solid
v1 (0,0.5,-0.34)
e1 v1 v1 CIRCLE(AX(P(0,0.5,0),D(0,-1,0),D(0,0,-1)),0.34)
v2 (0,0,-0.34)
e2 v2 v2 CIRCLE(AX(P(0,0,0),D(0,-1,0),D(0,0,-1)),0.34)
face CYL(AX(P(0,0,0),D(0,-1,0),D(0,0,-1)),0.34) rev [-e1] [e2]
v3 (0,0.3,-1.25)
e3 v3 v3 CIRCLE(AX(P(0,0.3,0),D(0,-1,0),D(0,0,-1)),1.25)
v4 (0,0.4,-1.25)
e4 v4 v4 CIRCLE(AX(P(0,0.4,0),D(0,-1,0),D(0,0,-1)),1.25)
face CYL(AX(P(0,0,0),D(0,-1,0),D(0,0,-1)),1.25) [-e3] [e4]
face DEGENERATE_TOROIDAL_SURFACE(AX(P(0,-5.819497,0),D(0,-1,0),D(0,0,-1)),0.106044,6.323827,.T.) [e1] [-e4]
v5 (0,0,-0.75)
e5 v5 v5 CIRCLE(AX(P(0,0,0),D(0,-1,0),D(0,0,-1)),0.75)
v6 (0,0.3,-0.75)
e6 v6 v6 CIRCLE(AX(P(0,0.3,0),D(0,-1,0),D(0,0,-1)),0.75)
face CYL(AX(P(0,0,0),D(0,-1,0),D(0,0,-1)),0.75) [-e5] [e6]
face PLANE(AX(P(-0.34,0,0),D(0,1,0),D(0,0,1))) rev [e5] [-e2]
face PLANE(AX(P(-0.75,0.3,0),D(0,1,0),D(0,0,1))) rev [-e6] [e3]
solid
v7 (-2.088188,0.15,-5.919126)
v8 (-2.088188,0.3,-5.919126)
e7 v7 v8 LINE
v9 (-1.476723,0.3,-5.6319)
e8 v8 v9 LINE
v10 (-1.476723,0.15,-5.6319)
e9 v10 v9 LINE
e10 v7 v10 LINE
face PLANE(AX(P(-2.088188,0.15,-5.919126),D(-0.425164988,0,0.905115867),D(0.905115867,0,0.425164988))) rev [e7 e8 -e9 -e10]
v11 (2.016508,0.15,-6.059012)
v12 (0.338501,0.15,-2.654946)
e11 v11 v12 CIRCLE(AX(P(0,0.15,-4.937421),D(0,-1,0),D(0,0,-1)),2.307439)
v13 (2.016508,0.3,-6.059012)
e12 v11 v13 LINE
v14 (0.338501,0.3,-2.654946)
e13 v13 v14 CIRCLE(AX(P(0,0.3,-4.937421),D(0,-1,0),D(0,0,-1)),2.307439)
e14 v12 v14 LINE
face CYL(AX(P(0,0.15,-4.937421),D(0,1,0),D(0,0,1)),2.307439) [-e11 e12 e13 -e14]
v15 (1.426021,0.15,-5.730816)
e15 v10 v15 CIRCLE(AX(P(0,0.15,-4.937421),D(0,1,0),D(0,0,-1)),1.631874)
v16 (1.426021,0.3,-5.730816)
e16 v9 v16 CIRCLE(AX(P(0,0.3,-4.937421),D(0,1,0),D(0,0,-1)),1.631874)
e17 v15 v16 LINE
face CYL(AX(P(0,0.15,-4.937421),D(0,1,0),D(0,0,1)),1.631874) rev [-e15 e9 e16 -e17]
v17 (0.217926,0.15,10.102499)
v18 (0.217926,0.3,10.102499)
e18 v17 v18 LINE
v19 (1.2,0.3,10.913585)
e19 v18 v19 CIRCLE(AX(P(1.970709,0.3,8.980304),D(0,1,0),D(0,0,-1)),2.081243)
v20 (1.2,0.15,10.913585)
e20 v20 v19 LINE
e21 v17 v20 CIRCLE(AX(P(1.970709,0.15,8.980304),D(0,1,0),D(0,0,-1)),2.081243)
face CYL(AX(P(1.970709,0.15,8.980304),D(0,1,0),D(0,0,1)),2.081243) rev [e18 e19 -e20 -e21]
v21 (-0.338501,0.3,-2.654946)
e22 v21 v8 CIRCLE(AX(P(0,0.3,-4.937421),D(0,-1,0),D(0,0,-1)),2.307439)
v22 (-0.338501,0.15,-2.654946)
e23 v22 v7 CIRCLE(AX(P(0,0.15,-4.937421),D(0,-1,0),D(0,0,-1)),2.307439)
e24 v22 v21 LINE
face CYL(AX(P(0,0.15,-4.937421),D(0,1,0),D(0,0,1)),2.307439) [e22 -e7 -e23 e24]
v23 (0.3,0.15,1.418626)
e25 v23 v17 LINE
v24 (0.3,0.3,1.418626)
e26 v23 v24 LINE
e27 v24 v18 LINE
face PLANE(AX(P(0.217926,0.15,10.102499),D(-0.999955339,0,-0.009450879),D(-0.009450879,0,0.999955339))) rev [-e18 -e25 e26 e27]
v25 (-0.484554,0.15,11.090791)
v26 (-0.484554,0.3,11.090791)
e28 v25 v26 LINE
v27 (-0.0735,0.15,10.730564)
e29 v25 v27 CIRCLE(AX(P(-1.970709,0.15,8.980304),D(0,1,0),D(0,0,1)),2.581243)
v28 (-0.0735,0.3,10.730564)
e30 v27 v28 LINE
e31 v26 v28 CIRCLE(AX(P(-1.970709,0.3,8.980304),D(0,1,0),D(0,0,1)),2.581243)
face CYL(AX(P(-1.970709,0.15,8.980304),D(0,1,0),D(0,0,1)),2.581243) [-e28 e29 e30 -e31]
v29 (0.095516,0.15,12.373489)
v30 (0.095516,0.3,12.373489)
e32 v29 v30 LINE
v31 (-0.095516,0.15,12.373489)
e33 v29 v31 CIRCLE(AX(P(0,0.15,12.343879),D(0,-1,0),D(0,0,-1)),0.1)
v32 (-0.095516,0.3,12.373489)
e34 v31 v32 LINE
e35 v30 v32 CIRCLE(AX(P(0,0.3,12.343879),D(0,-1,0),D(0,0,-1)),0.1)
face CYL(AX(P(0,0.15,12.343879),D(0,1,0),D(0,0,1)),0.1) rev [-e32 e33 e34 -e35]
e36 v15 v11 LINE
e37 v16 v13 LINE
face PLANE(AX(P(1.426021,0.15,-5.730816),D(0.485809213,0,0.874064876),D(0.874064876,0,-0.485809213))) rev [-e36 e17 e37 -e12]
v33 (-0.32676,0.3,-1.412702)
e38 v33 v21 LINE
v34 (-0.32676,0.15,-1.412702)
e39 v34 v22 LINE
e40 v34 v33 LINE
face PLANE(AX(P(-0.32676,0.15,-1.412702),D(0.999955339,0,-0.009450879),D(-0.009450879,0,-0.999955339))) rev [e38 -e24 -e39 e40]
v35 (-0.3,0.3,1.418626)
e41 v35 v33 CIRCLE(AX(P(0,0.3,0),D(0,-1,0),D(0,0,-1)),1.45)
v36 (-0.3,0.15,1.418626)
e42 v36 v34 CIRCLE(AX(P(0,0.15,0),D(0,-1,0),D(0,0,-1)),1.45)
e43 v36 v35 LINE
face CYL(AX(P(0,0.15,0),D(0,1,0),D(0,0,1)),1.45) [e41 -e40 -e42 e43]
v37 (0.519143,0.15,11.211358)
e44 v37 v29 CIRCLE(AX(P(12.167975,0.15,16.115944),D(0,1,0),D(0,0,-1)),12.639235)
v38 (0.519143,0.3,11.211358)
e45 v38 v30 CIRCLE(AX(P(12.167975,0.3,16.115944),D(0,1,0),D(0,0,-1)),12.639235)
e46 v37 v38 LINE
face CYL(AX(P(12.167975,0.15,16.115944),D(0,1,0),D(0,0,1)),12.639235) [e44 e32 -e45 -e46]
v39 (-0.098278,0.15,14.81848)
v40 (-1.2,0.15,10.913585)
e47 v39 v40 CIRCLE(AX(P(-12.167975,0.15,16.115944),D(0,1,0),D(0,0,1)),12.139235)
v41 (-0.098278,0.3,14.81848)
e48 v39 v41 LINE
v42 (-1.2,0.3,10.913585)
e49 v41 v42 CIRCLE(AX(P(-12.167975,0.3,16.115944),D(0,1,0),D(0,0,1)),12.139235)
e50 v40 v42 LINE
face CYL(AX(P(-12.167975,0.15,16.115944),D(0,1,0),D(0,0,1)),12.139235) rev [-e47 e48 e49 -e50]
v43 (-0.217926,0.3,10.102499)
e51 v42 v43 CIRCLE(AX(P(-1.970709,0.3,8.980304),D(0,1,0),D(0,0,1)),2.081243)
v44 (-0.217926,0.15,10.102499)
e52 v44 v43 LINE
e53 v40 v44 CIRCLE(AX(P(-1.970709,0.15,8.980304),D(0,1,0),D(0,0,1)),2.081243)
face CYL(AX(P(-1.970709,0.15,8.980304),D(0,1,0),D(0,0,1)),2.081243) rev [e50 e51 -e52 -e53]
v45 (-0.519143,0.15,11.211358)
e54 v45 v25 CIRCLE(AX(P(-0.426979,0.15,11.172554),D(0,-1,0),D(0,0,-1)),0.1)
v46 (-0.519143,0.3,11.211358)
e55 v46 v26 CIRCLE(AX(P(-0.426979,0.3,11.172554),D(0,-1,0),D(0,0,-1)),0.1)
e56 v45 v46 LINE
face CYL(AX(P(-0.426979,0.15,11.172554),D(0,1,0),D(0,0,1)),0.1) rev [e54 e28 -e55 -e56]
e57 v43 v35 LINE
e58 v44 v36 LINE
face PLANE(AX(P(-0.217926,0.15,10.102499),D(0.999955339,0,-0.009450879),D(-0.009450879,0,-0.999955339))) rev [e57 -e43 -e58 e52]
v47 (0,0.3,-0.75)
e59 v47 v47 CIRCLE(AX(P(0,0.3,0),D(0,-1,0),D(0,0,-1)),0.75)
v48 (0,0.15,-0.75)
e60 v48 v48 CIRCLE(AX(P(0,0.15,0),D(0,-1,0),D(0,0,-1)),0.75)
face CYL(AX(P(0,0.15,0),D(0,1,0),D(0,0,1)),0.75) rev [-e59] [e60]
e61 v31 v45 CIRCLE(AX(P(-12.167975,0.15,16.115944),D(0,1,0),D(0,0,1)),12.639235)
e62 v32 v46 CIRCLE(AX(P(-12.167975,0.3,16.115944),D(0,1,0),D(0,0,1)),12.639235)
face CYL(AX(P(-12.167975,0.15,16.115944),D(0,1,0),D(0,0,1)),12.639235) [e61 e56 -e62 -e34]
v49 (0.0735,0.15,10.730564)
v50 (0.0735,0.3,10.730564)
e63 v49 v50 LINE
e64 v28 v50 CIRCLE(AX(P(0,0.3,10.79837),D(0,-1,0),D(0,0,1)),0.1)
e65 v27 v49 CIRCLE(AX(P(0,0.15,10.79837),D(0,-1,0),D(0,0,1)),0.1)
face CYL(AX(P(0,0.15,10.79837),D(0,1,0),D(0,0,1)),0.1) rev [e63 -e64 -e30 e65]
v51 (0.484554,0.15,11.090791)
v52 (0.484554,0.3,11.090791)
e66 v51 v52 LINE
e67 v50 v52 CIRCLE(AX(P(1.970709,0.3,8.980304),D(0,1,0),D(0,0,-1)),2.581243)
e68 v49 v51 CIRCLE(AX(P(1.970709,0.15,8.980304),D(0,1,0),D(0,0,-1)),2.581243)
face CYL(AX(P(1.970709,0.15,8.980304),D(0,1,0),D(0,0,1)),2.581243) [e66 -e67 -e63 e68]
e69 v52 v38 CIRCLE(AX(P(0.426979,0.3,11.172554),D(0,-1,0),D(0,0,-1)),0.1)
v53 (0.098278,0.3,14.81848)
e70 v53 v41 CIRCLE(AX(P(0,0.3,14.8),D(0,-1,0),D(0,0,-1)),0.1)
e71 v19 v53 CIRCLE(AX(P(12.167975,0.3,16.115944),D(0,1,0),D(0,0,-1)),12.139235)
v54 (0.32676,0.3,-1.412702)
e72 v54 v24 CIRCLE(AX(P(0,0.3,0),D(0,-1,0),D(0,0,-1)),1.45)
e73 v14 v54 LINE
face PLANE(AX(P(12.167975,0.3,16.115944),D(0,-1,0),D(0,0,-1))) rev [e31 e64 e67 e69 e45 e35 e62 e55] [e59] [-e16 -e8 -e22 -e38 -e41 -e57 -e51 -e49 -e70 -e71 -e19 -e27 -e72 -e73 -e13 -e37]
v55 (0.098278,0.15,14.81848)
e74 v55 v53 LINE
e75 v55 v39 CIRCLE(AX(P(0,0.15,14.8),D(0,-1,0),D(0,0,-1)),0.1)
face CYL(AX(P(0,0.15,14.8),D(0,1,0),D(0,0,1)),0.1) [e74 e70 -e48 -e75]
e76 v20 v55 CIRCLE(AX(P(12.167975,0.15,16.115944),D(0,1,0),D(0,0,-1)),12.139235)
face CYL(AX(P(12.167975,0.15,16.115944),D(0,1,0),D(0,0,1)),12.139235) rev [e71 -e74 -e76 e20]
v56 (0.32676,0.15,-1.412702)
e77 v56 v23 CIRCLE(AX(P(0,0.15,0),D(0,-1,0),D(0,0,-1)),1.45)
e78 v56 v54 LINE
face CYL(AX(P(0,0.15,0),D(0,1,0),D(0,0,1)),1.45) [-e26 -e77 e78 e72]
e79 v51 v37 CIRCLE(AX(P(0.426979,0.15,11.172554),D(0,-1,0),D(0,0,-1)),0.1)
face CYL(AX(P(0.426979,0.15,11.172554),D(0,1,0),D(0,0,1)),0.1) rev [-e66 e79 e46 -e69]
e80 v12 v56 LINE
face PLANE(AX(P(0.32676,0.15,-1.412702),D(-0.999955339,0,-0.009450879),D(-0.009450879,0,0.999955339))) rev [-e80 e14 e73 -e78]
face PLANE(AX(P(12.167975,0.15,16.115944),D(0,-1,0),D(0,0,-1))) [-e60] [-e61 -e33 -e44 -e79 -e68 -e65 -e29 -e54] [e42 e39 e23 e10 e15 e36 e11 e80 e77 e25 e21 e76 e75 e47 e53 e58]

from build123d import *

# Parameters (mm, degrees)
ESQUISSE2_R        = 0.75
BOSS_EXTRU_1_DEPTH = 0.15


with BuildPart() as part:
    # Esquisse1 → Révolution1 (revolve)
    with BuildSketch(Plane.XY):
        with BuildLine():
            Line((-0.34, 0), (-0.75, 0))
            Line((-0.75, 0), (-0.75, 0.3))
            Line((-0.75, 0.3), (-1.25, 0.3))
            Line((-1.25, 0.3), (-1.25, 0.4))
            ThreePointArc((-1.25, 0.4), (-0.796811957, 0.466488811), (-0.34, 0.5))
            Line((-0.34, 0.5), (-0.34, 0))
        make_face()
    revolve(axis=Axis((0, 0, 0), (0, 1, 0)))


with BuildPart() as body_2:
    # Esquisse2 → Boss.-Extru.1 (new body)
    with BuildSketch(Plane.XZ.offset(-0.3)):
        with BuildLine():
            Line((0.326759739, -1.412702401), (0.338500561, -2.654946389))
            ThreePointArc((0.338500561, -2.654946389), (2.069645511, -3.917205167), (2.016508458, -6.059012001))
            Line((2.016508458, -6.059012001), (1.426021174, -5.730816496))
            ThreePointArc((1.426021174, -5.730816496), (0.055576886, -3.306493599), (-1.476723272, -5.631900076))
            Line((-1.476723272, -5.631900076), (-2.088187509, -5.91912649))
            ThreePointArc((-2.088187509, -5.91912649), (-2.033696556, -3.847305771), (-0.338500561, -2.654946389))
            Line((-0.338500561, -2.654946389), (-0.326759739, -1.412702401))
            ThreePointArc((-0.326759739, -1.412702401), (-1.449935242, 0.013703775), (-0.3, 1.418626096))
            Line((-0.3, 1.418626096), (-0.217926101, 10.102498878))
            ThreePointArc((-0.217926101, 10.102498878), (-0.645390878, 10.5850161), (-1.2, 10.913585311))
            ThreePointArc((-1.2, 10.913585311), (-0.484840229, 12.819677692), (-0.098277599, 14.818480083))
            ThreePointArc((-0.098277599, 14.818480083), (0, 14.9), (0.098277599, 14.818480083))
            ThreePointArc((0.098277599, 14.818480083), (0.484840229, 12.819677692), (1.2, 10.913585311))
            ThreePointArc((1.2, 10.913585311), (0.645390878, 10.5850161), (0.217926101, 10.102498878))
            Line((0.217926101, 10.102498878), (0.3, 1.418626096))
            ThreePointArc((0.3, 1.418626096), (1.449935242, 0.013703775), (0.326759739, -1.412702401))
        make_face()
        Circle(ESQUISSE2_R, mode=Mode.SUBTRACT)
        with BuildLine():
            ThreePointArc((0.484554357, 11.090791048), (0.269465751, 10.921587766), (0.073499847, 10.730563622))
            ThreePointArc((0.073499847, 10.730563622), (0, 10.698370499), (-0.073499847, 10.730563622))
            ThreePointArc((-0.073499847, 10.730563622), (-0.269465751, 10.921587766), (-0.484554357, 11.090791048))
            ThreePointArc((-0.484554357, 11.090791048), (-0.523101788, 11.144977331), (-0.51914325, 11.211357959))
            ThreePointArc((-0.51914325, 11.211357959), (-0.293104532, 11.787237938), (-0.095515749, 12.373488673))
            ThreePointArc((-0.095515749, 12.373488673), (0, 12.44387885), (0.095515749, 12.373488673))
            ThreePointArc((0.095515749, 12.373488673), (0.293104532, 11.787237938), (0.51914325, 11.211357959))
            ThreePointArc((0.51914325, 11.211357959), (0.523101788, 11.144977331), (0.484554357, 11.090791048))
        make_face(mode=Mode.SUBTRACT)
    extrude(amount=BOSS_EXTRU_1_DEPTH)


solid = Compound([part.part, body_2.part])
